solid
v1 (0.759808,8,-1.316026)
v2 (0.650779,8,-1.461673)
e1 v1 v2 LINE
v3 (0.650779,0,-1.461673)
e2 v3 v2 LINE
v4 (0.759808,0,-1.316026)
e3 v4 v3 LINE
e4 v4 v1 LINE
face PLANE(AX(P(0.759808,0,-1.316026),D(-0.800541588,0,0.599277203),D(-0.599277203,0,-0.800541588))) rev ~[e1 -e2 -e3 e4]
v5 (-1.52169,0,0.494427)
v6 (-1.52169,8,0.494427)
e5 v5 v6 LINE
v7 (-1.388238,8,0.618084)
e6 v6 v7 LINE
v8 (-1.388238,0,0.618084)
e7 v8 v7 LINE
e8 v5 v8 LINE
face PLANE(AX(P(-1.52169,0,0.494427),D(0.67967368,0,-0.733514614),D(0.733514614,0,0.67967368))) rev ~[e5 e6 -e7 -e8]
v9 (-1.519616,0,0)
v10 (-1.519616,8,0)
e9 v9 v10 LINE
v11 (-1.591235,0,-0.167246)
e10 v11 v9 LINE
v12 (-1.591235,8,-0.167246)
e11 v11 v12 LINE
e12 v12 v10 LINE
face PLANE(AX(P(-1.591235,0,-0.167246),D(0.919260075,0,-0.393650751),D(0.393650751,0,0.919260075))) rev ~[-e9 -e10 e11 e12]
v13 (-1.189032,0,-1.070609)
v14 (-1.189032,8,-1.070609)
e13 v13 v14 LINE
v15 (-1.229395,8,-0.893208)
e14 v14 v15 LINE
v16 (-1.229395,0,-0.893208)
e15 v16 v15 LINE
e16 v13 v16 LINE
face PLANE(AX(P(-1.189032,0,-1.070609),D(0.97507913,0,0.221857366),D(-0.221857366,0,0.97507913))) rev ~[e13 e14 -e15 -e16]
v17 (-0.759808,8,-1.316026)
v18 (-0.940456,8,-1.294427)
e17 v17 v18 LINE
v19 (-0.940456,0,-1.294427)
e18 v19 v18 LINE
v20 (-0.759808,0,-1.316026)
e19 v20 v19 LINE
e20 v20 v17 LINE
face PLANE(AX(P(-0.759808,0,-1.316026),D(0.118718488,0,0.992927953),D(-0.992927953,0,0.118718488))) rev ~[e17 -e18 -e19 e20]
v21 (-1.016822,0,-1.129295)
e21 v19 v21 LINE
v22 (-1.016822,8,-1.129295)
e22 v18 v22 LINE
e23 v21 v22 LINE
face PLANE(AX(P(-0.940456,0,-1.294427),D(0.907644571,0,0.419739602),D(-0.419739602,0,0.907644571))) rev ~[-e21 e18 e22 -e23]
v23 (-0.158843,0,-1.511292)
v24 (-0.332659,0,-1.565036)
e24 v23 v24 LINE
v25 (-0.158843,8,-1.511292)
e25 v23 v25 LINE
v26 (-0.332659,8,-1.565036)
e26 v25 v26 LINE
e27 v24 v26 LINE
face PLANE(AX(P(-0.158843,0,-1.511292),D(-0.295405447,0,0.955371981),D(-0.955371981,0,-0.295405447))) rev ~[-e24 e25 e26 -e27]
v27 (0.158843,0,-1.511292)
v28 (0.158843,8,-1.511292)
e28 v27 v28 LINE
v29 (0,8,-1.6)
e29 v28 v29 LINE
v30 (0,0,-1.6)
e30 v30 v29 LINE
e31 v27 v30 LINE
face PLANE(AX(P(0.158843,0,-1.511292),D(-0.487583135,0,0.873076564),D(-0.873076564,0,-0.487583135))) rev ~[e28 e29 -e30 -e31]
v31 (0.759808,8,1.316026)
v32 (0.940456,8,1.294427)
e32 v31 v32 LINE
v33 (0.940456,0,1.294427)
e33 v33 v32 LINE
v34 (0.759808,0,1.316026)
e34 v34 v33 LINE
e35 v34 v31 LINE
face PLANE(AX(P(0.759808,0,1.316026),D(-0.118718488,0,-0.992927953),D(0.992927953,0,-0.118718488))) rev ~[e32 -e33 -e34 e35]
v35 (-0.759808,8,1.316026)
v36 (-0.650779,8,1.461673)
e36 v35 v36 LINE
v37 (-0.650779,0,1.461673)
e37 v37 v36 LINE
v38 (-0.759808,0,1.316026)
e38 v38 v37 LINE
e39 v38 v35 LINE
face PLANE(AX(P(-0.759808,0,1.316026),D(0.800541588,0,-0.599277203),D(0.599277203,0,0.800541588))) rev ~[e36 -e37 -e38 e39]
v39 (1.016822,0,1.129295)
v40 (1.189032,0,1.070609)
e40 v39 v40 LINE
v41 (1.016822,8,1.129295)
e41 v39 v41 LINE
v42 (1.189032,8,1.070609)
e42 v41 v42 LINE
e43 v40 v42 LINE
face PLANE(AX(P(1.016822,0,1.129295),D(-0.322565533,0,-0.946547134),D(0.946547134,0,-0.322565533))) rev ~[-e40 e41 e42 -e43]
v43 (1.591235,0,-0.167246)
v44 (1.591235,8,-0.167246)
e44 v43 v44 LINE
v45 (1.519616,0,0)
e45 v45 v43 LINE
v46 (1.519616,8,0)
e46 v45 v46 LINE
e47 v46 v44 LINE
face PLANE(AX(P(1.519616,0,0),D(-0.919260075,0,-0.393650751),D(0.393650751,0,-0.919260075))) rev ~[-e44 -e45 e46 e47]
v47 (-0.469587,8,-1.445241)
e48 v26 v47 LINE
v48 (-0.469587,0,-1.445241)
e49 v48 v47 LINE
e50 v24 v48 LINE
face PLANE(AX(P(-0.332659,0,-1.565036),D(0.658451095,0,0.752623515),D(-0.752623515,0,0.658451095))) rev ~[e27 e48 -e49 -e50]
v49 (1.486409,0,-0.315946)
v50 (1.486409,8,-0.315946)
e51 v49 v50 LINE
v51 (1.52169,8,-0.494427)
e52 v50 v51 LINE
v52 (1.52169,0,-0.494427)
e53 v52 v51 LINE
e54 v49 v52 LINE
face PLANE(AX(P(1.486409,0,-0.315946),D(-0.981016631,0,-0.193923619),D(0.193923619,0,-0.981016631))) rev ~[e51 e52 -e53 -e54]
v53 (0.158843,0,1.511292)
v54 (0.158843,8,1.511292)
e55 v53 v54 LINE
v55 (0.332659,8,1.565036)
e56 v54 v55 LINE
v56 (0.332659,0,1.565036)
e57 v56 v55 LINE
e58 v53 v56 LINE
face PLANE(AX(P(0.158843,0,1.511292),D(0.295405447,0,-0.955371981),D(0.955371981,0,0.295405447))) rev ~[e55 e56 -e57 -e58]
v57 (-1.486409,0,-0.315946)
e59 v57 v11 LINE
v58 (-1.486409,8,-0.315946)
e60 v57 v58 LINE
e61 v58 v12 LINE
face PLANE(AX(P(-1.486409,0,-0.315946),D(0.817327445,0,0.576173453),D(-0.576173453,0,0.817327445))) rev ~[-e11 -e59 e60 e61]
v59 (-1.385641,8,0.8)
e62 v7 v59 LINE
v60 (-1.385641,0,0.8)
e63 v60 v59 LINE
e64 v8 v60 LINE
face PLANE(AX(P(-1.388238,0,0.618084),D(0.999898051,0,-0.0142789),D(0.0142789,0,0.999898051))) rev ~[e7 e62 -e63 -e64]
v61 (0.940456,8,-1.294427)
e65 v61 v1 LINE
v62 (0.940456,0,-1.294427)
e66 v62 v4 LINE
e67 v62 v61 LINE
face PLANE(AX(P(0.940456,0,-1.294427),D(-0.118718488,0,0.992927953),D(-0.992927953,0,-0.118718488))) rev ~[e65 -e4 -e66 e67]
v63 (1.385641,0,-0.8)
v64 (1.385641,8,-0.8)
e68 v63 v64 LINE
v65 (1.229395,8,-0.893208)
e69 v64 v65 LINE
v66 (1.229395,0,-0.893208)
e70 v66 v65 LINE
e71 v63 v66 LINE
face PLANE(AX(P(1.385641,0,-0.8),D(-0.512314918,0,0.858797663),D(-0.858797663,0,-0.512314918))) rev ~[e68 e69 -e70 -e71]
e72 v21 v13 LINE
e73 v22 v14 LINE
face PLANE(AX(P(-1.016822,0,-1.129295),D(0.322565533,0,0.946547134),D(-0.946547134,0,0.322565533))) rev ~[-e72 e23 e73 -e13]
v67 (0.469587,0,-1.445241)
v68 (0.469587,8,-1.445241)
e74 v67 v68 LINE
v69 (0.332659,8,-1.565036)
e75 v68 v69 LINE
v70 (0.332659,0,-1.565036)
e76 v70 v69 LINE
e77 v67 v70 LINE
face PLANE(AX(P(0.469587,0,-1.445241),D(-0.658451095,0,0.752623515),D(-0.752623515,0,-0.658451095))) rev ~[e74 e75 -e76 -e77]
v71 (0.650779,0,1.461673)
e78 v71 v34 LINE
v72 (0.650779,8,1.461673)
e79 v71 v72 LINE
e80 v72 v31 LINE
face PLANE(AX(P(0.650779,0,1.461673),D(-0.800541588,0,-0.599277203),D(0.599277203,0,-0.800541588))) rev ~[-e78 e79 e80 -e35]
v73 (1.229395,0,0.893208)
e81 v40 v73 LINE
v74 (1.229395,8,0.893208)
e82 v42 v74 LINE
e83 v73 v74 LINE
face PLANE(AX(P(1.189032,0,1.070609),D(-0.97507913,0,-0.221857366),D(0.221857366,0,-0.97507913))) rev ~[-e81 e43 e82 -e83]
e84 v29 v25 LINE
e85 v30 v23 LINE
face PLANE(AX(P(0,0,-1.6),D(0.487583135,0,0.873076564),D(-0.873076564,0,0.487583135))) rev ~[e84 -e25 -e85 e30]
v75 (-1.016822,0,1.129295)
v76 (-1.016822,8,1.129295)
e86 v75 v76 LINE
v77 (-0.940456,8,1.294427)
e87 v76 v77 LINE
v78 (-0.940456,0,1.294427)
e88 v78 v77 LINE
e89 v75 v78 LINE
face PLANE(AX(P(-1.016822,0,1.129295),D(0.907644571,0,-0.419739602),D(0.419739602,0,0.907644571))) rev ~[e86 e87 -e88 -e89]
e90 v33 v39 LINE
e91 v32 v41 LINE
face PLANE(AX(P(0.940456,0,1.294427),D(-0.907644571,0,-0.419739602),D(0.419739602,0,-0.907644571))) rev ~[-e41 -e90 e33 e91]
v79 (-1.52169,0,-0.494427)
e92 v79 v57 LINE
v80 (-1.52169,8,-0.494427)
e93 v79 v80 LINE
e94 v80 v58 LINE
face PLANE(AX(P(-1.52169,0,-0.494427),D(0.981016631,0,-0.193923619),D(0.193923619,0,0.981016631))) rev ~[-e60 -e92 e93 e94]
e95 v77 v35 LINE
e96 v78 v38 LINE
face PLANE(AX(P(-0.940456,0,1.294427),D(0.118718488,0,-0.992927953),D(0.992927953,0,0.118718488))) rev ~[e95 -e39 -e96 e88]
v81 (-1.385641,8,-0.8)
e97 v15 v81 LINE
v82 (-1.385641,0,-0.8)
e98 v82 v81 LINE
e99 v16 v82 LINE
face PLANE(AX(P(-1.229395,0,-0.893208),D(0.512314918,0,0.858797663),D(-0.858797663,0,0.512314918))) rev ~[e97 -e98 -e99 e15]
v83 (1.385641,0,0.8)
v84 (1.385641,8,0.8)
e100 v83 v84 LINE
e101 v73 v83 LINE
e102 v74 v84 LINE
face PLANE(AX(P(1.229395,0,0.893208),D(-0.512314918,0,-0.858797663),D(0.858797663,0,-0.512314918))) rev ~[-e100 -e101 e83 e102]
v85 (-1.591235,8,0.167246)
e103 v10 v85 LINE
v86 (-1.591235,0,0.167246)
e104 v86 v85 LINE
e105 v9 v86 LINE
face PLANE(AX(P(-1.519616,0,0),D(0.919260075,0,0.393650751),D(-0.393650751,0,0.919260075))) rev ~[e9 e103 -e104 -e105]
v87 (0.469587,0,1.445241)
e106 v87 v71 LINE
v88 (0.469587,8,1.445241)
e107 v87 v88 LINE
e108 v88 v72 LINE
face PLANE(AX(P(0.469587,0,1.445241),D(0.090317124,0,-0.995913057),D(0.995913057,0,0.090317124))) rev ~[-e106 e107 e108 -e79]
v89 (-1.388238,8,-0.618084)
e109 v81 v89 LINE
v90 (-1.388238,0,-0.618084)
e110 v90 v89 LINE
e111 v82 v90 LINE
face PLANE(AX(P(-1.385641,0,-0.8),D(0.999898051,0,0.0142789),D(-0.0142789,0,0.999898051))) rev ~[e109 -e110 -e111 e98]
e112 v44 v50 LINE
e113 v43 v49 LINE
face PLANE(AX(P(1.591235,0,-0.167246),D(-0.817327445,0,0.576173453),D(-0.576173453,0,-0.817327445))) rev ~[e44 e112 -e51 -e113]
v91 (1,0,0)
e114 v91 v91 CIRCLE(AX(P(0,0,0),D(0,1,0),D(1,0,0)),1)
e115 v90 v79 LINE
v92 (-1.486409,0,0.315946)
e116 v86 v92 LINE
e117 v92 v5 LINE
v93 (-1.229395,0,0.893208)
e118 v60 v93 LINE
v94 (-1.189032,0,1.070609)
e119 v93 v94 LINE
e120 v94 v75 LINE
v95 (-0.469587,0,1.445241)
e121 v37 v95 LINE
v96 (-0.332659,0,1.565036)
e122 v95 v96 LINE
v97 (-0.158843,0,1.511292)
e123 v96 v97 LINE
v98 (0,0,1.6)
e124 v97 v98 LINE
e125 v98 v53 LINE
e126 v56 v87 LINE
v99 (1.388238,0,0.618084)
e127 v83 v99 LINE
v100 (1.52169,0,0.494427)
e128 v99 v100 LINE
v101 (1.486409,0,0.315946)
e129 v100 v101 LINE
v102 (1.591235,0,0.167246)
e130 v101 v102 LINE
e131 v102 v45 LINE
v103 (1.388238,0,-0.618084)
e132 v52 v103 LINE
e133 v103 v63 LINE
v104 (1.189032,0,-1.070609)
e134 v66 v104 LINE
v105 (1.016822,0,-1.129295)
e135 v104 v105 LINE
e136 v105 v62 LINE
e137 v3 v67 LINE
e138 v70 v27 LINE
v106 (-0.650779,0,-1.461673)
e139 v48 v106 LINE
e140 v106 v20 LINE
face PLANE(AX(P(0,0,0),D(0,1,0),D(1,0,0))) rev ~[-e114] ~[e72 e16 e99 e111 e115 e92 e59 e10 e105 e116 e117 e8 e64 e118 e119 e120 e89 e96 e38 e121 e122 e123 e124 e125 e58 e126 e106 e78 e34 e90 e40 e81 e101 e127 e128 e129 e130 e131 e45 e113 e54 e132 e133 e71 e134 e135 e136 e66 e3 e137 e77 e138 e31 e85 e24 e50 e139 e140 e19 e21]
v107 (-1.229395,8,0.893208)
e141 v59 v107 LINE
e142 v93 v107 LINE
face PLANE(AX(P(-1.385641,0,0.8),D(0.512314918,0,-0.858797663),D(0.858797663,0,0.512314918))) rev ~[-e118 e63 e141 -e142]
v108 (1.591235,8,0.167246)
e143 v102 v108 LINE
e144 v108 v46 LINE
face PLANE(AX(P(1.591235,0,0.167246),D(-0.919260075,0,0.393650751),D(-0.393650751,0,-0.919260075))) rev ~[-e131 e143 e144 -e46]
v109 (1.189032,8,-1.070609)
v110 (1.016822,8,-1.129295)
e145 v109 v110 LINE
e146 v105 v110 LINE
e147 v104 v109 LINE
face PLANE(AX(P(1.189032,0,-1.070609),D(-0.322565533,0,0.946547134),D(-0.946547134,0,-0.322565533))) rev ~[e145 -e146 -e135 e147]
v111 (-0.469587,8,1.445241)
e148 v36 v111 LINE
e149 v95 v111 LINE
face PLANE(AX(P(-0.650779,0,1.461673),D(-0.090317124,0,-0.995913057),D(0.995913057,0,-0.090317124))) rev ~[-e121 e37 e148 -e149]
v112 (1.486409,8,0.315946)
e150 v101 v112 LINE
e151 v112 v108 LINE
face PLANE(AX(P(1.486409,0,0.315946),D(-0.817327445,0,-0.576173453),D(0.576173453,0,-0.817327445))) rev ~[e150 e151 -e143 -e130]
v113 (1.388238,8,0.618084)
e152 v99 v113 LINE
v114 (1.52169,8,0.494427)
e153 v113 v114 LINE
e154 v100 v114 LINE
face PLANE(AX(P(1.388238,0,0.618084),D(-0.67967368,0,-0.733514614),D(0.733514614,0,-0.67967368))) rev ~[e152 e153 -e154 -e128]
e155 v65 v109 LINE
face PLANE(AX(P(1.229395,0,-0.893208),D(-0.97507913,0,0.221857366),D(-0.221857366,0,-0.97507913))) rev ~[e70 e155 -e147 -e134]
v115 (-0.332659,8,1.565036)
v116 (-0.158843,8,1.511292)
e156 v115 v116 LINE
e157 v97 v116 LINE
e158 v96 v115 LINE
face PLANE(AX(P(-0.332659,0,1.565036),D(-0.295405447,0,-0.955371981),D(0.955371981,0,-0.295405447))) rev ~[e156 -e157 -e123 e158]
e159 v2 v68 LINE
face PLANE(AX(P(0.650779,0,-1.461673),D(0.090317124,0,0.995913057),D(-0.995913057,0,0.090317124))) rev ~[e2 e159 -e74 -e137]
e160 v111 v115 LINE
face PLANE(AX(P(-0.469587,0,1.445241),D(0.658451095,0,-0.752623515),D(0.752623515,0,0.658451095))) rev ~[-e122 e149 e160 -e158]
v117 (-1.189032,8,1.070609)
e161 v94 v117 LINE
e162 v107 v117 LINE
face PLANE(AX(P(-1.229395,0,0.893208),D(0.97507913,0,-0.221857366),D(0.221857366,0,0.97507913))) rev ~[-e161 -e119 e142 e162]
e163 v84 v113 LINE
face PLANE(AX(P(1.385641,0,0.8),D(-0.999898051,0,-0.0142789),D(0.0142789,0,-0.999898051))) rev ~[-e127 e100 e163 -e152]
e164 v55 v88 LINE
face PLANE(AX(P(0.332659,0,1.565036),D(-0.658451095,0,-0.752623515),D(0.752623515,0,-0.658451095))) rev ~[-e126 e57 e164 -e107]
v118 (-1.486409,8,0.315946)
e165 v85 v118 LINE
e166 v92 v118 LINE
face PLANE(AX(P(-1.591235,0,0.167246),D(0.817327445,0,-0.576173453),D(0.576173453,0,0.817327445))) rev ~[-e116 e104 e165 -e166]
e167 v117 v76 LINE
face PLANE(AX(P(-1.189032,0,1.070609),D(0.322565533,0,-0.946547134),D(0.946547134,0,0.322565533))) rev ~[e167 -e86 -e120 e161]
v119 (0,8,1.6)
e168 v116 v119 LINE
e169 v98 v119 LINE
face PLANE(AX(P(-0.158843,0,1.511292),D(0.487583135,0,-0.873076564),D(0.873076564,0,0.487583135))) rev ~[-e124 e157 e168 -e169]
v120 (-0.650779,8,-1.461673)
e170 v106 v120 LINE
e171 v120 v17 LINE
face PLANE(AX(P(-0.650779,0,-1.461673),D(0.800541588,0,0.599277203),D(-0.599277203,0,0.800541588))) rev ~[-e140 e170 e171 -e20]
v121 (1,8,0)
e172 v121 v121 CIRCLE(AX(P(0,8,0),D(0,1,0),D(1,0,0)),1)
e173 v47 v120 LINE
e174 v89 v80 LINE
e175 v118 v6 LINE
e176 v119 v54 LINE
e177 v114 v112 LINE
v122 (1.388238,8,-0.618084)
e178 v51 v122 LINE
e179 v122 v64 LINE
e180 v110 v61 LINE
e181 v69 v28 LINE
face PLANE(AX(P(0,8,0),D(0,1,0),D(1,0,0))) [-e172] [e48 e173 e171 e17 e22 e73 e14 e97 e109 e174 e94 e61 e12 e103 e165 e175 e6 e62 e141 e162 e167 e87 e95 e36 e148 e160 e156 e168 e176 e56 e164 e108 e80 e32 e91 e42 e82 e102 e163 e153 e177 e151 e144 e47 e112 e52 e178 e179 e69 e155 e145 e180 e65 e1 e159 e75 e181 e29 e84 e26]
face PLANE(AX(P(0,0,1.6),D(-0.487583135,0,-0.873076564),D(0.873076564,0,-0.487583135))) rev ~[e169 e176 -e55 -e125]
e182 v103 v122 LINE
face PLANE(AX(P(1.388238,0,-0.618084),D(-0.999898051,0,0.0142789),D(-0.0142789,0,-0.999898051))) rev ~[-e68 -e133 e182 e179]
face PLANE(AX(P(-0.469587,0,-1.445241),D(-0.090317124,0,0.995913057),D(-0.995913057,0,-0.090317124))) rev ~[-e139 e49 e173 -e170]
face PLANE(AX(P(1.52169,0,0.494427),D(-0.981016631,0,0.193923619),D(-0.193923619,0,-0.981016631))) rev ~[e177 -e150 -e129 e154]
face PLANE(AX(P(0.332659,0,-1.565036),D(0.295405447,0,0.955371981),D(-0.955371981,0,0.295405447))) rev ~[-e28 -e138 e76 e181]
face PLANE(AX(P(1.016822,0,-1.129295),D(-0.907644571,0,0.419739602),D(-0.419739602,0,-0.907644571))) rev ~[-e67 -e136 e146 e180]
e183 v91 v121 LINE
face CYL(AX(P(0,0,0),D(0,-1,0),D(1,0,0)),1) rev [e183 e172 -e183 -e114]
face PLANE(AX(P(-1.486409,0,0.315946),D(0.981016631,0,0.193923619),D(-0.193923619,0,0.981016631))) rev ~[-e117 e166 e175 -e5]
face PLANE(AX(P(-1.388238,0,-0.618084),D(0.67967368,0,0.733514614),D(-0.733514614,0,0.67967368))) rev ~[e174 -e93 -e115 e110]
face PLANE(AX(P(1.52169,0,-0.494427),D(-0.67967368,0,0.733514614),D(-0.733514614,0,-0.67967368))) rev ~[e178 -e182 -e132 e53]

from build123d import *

# Parameters (mm, degrees)
SKETCH_1_R      = 1
EXTRUDE_1_DEPTH = 8


with BuildPart() as part:
    # 草图1 → 凸台-拉伸1 (new body)
    with BuildSketch(Plane(origin=(0, 0, 0), x_dir=(1, 0, 0), z_dir=(0, 1, 0))):
        Polygon((0, 1.6), (-0.158843146, 1.511291584), (-0.332658705, 1.565036161), (-0.469587231, 1.44524089), (-0.650778629, 1.461672732), (-0.7598081, 1.316026234), (-0.940456404, 1.294427191), (-1.01682171, 1.129294916), (-1.189031721, 1.07060897), (-1.229395331, 0.893207992), (-1.385640646, 0.8), (-1.388238477, 0.618083592), (-1.521690426, 0.494427191), (-1.486408941, 0.315945974), (-1.591235033, 0.167245541), (-1.519616201, 0), (-1.591235033, -0.167245541), (-1.486408941, -0.315945974), (-1.521690426, -0.494427191), (-1.388238477, -0.618083592), (-1.385640646, -0.8), (-1.229395331, -0.893207992), (-1.189031721, -1.07060897), (-1.01682171, -1.129294916), (-0.940456404, -1.294427191), (-0.7598081, -1.316026234), (-0.650778629, -1.461672732), (-0.469587231, -1.44524089), (-0.332658705, -1.565036161), (-0.158843146, -1.511291584), (0, -1.6), (0.158843146, -1.511291584), (0.332658705, -1.565036161), (0.469587231, -1.44524089), (0.650778629, -1.461672732), (0.7598081, -1.316026234), (0.940456404, -1.294427191), (1.01682171, -1.129294916), (1.189031721, -1.07060897), (1.229395331, -0.893207992), (1.385640646, -0.8), (1.388238477, -0.618083592), (1.521690426, -0.494427191), (1.486408941, -0.315945974), (1.591235033, -0.167245541), (1.519616201, 0), (1.591235033, 0.167245541), (1.486408941, 0.315945974), (1.521690426, 0.494427191), (1.388238477, 0.618083592), (1.385640646, 0.8), (1.229395331, 0.893207992), (1.189031721, 1.07060897), (1.01682171, 1.129294916), (0.940456404, 1.294427191), (0.7598081, 1.316026234), (0.650778629, 1.461672732), (0.469587231, 1.44524089), (0.332658705, 1.565036161), (0.158843146, 1.511291584), align=None)
        Circle(SKETCH_1_R, mode=Mode.SUBTRACT)
    extrude(amount=EXTRUDE_1_DEPTH)


solid = part.part
